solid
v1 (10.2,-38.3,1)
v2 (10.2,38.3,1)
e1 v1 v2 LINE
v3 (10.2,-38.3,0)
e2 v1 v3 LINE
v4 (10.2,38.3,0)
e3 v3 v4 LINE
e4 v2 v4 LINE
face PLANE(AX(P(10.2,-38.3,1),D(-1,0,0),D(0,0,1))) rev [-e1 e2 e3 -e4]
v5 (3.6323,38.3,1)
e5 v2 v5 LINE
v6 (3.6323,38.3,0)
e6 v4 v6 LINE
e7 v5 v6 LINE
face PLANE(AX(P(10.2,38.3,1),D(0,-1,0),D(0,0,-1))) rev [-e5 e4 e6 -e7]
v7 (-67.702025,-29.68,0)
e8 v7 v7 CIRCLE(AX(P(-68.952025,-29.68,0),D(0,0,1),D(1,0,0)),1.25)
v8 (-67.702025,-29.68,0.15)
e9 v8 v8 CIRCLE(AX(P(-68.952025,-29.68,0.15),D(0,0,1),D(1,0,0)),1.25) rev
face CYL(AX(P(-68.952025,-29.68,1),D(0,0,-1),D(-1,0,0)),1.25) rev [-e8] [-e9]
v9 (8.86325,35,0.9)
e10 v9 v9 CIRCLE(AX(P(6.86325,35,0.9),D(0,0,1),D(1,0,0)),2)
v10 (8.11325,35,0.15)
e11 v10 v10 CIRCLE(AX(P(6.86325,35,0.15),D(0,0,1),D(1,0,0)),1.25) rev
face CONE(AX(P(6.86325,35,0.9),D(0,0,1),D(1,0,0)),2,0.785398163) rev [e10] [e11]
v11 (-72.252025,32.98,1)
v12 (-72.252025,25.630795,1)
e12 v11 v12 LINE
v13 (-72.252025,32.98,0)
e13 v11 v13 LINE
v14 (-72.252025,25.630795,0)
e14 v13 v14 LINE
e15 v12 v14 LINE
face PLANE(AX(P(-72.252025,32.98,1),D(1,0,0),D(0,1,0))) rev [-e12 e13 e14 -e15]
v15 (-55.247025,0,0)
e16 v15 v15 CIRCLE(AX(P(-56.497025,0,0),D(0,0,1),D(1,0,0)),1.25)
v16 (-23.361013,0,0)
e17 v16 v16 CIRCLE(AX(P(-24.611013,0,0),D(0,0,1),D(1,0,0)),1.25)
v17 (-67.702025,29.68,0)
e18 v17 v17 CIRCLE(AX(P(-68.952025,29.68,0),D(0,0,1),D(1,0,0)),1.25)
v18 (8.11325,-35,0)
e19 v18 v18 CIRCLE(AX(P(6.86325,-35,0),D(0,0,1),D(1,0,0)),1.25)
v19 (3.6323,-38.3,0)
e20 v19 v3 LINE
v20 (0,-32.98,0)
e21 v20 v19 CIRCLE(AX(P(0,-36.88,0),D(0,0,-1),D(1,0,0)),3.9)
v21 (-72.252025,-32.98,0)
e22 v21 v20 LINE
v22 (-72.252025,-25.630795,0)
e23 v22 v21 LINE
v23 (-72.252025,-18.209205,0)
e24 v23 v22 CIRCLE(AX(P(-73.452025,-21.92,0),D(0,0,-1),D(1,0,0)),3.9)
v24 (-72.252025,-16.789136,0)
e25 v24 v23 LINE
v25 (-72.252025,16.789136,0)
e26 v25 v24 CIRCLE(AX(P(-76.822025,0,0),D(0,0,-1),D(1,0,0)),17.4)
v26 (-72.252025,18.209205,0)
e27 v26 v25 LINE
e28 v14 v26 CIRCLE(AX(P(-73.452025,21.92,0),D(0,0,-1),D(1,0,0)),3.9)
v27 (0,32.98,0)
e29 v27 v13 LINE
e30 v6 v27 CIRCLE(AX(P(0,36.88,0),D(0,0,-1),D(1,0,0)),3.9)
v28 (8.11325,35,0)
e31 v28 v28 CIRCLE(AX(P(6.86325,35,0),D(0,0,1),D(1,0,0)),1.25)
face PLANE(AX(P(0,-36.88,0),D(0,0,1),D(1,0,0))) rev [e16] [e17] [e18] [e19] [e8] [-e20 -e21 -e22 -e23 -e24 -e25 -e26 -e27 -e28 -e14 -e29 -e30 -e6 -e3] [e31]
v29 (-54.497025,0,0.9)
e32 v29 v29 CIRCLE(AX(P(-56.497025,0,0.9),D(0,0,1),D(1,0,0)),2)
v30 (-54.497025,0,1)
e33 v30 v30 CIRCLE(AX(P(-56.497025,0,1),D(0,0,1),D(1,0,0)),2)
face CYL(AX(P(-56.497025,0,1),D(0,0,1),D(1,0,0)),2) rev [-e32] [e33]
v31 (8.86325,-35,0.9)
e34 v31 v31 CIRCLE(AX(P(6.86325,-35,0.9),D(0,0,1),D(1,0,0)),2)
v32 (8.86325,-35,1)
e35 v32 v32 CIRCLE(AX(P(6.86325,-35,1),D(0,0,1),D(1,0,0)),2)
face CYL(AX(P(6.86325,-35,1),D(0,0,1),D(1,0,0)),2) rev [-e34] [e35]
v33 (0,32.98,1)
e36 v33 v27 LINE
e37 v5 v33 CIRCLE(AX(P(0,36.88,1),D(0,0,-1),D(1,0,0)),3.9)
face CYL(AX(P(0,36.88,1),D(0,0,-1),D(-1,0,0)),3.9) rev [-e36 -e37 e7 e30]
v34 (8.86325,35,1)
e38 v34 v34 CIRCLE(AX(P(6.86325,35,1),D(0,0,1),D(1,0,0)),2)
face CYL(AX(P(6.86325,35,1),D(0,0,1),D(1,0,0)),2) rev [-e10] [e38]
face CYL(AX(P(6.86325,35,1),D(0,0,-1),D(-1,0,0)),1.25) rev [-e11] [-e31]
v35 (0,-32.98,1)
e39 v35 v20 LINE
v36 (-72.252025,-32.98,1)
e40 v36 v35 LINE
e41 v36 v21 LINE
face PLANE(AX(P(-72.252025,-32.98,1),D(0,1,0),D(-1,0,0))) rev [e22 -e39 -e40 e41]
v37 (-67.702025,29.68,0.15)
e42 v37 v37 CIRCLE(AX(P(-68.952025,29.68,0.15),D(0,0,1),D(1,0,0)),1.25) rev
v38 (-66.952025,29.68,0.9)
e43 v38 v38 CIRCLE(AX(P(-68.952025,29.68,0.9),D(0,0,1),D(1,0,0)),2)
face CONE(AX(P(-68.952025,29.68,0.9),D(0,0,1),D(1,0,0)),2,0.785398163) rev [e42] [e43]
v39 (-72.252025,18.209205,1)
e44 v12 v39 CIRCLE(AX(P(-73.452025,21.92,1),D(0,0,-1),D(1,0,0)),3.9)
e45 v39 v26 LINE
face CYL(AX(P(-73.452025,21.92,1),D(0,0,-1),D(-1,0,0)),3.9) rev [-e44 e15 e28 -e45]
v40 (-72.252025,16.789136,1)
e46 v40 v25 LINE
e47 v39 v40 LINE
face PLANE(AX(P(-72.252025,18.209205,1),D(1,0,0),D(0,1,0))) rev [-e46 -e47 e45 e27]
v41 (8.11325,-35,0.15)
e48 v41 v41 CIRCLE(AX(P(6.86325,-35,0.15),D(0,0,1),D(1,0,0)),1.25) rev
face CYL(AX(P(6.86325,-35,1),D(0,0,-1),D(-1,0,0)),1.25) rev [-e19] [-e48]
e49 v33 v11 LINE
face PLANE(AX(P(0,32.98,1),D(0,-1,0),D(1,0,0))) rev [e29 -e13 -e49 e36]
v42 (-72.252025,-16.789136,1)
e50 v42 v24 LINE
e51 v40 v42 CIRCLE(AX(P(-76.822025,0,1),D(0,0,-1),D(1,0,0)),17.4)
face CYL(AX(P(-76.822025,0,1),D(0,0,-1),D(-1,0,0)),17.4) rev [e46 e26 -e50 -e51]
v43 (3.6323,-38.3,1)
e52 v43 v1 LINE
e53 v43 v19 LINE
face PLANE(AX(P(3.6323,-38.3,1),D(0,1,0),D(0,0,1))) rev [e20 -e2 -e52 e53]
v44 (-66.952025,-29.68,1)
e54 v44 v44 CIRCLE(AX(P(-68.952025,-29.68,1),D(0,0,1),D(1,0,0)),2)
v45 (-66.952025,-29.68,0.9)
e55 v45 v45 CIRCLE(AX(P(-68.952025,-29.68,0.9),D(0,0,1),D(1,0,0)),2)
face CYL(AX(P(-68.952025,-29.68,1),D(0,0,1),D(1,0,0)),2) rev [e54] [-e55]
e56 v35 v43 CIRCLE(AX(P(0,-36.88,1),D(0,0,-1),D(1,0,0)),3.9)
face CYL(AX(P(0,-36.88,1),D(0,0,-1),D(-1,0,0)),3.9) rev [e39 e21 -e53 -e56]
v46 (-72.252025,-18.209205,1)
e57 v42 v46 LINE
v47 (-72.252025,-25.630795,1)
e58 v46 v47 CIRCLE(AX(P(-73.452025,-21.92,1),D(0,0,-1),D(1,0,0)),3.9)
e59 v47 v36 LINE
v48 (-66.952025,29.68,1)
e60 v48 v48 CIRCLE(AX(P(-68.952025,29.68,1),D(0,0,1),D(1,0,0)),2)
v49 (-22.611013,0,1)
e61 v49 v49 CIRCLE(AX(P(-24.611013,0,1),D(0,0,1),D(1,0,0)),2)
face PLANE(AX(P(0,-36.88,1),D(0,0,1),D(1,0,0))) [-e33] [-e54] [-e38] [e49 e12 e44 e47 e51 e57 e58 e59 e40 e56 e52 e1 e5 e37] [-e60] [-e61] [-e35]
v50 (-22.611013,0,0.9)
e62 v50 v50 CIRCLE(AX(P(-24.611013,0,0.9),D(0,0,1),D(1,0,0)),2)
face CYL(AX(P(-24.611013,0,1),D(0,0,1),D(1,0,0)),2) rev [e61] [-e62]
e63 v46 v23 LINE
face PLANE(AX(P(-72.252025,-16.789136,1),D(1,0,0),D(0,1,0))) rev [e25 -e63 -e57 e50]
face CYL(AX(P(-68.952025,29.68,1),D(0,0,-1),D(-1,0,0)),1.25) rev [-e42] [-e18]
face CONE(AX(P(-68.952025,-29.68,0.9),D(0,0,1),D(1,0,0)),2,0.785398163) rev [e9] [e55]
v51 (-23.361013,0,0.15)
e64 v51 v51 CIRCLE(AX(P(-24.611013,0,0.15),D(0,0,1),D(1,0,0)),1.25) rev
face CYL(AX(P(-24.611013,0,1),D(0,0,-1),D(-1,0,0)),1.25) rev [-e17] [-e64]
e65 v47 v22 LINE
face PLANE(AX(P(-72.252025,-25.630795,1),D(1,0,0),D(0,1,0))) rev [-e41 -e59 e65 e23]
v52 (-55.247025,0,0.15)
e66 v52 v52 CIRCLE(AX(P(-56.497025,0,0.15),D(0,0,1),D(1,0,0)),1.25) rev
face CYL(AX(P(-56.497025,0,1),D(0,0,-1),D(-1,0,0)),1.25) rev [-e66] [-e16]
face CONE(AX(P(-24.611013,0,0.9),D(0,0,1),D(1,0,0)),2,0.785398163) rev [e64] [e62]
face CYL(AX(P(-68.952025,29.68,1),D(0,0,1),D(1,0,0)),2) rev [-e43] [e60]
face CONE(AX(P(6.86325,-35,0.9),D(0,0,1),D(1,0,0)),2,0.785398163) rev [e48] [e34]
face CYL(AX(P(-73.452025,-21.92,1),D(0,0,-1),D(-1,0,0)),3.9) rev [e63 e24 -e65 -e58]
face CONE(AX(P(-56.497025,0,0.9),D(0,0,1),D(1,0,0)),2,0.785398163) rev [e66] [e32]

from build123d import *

# Parameters (mm, degrees)
SKETCH1_R                                      = 1.25
SHAPE_DEPTH                                    = 1
CSK_FOR_M2_FLAT_HEAD_MACHINE_SCREW1_AT_2_COUNT = 2
CSK_FOR_M2_FLAT_HEAD_MACHINE_SCREW1_AT_2_PITCH = 76.001699467
CSK_FOR_M2_FLAT_HEAD_MACHINE_SCREW1_AT_3_COUNT = 2
CSK_FOR_M2_FLAT_HEAD_MACHINE_SCREW1_AT_3_PITCH = 99.656702343
CSK_FOR_M2_FLAT_HEAD_MACHINE_SCREW1_AT_4_COUNT = 2
CSK_FOR_M2_FLAT_HEAD_MACHINE_SCREW1_AT_4_PITCH = 59.36
CSK_FOR_M2_FLAT_HEAD_MACHINE_SCREW1_AT_5_COUNT = 2
CSK_FOR_M2_FLAT_HEAD_MACHINE_SCREW1_AT_5_PITCH = 32.187410971
CSK_FOR_M2_FLAT_HEAD_MACHINE_SCREW1_AT_6_COUNT = 2
CSK_FOR_M2_FLAT_HEAD_MACHINE_SCREW1_AT_6_PITCH = 53.357546763


with BuildPart() as part:
    # Sketch1 → Shape (new body)
    with BuildSketch(Plane.XY):
        with BuildLine():
            Line((10.2, -38.3), (10.2, 38.3))
            Line((10.2, 38.3), (3.632299547, 38.3))
            ThreePointArc((3.632299547, 38.3), (3.220869448, 34.680909279), (0, 32.98))
            Line((0, 32.98), (-72.252025159, 32.98))
            Line((-72.252025159, 32.98), (-72.252025159, 25.630795063))
            ThreePointArc((-72.252025159, 25.630795063), (-69.552025159, 21.92), (-72.252025159, 18.209204937))
            Line((-72.252025159, 18.209204937), (-72.252025159, 16.789136368))
            ThreePointArc((-72.252025159, 16.789136368), (-59.422025159, 0), (-72.252025159, -16.789136368))
            Line((-72.252025159, -16.789136368), (-72.252025159, -18.209204937))
            ThreePointArc((-72.252025159, -18.209204937), (-69.552025159, -21.92), (-72.252025159, -25.630795063))
            Line((-72.252025159, -25.630795063), (-72.252025159, -32.98))
            Line((-72.252025159, -32.98), (0, -32.98))
            ThreePointArc((0, -32.98), (3.220869448, -34.680909279), (3.632299547, -38.3))
            Line((3.632299547, -38.3), (10.2, -38.3))
        make_face()
        with Locations((-68.952025159, 29.68)):
            Circle(SKETCH1_R, mode=Mode.SUBTRACT)
        with Locations((6.863249831, 35)):
            Circle(SKETCH1_R, mode=Mode.SUBTRACT)
        with Locations((6.863249831, -35)):
            Circle(SKETCH1_R, mode=Mode.SUBTRACT)
        with Locations((-68.952025159, -29.68)):
            Circle(SKETCH1_R, mode=Mode.SUBTRACT)
        with Locations((-56.497025159, 0)):
            Circle(SKETCH1_R, mode=Mode.SUBTRACT)
        with Locations((-24.61101258, 0)):
            Circle(SKETCH1_R, mode=Mode.SUBTRACT)
    extrude(amount=SHAPE_DEPTH)

    # Sketch3 → CSK for M2 Flat Head Machine Screw1 (revolve, cut)
    with BuildSketch(Plane(origin=(-68.952025159, 29.68, 1), x_dir=(0, -1, 0), z_dir=(1, 0, 0))):
        Polygon((0, 0), (0, 1), (1, 1), (1, 1.1), (2, 0.1), (2, 0), align=None)
    csk_for_m2_flat_head_machine_screw1 = revolve(axis=Axis((-68.952025159, 29.68, 7.35), (0, 0, -1)), mode=Mode.SUBTRACT)

    # CSK for M2 Flat Head Machine Screw1 at 2: CSK for M2 Flat Head Machine Screw1 ×2
    with Locations(*[Vector(0.997547101, 0.069998435, 0) * (i * CSK_FOR_M2_FLAT_HEAD_MACHINE_SCREW1_AT_2_PITCH) for i in range(1, CSK_FOR_M2_FLAT_HEAD_MACHINE_SCREW1_AT_2_COUNT)]):
        add(csk_for_m2_flat_head_machine_screw1, mode=Mode.SUBTRACT)

    # CSK for M2 Flat Head Machine Screw1 at 3: CSK for M2 Flat Head Machine Screw1 ×2
    with Locations(*[Vector(0.760764436, -0.649028098, 0) * (i * CSK_FOR_M2_FLAT_HEAD_MACHINE_SCREW1_AT_3_PITCH) for i in range(1, CSK_FOR_M2_FLAT_HEAD_MACHINE_SCREW1_AT_3_COUNT)]):
        add(csk_for_m2_flat_head_machine_screw1, mode=Mode.SUBTRACT)

    # CSK for M2 Flat Head Machine Screw1 at 4: CSK for M2 Flat Head Machine Screw1 ×2
    with Locations(*[(0, -i * CSK_FOR_M2_FLAT_HEAD_MACHINE_SCREW1_AT_4_PITCH, 0) for i in range(1, CSK_FOR_M2_FLAT_HEAD_MACHINE_SCREW1_AT_4_COUNT)]):
        add(csk_for_m2_flat_head_machine_screw1, mode=Mode.SUBTRACT)

    # CSK for M2 Flat Head Machine Screw1 at 5: CSK for M2 Flat Head Machine Screw1 ×2
    with Locations(*[Vector(0.386952527, -0.922099638, 0) * (i * CSK_FOR_M2_FLAT_HEAD_MACHINE_SCREW1_AT_5_PITCH) for i in range(1, CSK_FOR_M2_FLAT_HEAD_MACHINE_SCREW1_AT_5_COUNT)]):
        add(csk_for_m2_flat_head_machine_screw1, mode=Mode.SUBTRACT)

    # CSK for M2 Flat Head Machine Screw1 at 6: CSK for M2 Flat Head Machine Screw1 ×2
    with Locations(*[Vector(0.831016703, -0.556247463, 0) * (i * CSK_FOR_M2_FLAT_HEAD_MACHINE_SCREW1_AT_6_PITCH) for i in range(1, CSK_FOR_M2_FLAT_HEAD_MACHINE_SCREW1_AT_6_COUNT)]):
        add(csk_for_m2_flat_head_machine_screw1, mode=Mode.SUBTRACT)


solid = part.part
